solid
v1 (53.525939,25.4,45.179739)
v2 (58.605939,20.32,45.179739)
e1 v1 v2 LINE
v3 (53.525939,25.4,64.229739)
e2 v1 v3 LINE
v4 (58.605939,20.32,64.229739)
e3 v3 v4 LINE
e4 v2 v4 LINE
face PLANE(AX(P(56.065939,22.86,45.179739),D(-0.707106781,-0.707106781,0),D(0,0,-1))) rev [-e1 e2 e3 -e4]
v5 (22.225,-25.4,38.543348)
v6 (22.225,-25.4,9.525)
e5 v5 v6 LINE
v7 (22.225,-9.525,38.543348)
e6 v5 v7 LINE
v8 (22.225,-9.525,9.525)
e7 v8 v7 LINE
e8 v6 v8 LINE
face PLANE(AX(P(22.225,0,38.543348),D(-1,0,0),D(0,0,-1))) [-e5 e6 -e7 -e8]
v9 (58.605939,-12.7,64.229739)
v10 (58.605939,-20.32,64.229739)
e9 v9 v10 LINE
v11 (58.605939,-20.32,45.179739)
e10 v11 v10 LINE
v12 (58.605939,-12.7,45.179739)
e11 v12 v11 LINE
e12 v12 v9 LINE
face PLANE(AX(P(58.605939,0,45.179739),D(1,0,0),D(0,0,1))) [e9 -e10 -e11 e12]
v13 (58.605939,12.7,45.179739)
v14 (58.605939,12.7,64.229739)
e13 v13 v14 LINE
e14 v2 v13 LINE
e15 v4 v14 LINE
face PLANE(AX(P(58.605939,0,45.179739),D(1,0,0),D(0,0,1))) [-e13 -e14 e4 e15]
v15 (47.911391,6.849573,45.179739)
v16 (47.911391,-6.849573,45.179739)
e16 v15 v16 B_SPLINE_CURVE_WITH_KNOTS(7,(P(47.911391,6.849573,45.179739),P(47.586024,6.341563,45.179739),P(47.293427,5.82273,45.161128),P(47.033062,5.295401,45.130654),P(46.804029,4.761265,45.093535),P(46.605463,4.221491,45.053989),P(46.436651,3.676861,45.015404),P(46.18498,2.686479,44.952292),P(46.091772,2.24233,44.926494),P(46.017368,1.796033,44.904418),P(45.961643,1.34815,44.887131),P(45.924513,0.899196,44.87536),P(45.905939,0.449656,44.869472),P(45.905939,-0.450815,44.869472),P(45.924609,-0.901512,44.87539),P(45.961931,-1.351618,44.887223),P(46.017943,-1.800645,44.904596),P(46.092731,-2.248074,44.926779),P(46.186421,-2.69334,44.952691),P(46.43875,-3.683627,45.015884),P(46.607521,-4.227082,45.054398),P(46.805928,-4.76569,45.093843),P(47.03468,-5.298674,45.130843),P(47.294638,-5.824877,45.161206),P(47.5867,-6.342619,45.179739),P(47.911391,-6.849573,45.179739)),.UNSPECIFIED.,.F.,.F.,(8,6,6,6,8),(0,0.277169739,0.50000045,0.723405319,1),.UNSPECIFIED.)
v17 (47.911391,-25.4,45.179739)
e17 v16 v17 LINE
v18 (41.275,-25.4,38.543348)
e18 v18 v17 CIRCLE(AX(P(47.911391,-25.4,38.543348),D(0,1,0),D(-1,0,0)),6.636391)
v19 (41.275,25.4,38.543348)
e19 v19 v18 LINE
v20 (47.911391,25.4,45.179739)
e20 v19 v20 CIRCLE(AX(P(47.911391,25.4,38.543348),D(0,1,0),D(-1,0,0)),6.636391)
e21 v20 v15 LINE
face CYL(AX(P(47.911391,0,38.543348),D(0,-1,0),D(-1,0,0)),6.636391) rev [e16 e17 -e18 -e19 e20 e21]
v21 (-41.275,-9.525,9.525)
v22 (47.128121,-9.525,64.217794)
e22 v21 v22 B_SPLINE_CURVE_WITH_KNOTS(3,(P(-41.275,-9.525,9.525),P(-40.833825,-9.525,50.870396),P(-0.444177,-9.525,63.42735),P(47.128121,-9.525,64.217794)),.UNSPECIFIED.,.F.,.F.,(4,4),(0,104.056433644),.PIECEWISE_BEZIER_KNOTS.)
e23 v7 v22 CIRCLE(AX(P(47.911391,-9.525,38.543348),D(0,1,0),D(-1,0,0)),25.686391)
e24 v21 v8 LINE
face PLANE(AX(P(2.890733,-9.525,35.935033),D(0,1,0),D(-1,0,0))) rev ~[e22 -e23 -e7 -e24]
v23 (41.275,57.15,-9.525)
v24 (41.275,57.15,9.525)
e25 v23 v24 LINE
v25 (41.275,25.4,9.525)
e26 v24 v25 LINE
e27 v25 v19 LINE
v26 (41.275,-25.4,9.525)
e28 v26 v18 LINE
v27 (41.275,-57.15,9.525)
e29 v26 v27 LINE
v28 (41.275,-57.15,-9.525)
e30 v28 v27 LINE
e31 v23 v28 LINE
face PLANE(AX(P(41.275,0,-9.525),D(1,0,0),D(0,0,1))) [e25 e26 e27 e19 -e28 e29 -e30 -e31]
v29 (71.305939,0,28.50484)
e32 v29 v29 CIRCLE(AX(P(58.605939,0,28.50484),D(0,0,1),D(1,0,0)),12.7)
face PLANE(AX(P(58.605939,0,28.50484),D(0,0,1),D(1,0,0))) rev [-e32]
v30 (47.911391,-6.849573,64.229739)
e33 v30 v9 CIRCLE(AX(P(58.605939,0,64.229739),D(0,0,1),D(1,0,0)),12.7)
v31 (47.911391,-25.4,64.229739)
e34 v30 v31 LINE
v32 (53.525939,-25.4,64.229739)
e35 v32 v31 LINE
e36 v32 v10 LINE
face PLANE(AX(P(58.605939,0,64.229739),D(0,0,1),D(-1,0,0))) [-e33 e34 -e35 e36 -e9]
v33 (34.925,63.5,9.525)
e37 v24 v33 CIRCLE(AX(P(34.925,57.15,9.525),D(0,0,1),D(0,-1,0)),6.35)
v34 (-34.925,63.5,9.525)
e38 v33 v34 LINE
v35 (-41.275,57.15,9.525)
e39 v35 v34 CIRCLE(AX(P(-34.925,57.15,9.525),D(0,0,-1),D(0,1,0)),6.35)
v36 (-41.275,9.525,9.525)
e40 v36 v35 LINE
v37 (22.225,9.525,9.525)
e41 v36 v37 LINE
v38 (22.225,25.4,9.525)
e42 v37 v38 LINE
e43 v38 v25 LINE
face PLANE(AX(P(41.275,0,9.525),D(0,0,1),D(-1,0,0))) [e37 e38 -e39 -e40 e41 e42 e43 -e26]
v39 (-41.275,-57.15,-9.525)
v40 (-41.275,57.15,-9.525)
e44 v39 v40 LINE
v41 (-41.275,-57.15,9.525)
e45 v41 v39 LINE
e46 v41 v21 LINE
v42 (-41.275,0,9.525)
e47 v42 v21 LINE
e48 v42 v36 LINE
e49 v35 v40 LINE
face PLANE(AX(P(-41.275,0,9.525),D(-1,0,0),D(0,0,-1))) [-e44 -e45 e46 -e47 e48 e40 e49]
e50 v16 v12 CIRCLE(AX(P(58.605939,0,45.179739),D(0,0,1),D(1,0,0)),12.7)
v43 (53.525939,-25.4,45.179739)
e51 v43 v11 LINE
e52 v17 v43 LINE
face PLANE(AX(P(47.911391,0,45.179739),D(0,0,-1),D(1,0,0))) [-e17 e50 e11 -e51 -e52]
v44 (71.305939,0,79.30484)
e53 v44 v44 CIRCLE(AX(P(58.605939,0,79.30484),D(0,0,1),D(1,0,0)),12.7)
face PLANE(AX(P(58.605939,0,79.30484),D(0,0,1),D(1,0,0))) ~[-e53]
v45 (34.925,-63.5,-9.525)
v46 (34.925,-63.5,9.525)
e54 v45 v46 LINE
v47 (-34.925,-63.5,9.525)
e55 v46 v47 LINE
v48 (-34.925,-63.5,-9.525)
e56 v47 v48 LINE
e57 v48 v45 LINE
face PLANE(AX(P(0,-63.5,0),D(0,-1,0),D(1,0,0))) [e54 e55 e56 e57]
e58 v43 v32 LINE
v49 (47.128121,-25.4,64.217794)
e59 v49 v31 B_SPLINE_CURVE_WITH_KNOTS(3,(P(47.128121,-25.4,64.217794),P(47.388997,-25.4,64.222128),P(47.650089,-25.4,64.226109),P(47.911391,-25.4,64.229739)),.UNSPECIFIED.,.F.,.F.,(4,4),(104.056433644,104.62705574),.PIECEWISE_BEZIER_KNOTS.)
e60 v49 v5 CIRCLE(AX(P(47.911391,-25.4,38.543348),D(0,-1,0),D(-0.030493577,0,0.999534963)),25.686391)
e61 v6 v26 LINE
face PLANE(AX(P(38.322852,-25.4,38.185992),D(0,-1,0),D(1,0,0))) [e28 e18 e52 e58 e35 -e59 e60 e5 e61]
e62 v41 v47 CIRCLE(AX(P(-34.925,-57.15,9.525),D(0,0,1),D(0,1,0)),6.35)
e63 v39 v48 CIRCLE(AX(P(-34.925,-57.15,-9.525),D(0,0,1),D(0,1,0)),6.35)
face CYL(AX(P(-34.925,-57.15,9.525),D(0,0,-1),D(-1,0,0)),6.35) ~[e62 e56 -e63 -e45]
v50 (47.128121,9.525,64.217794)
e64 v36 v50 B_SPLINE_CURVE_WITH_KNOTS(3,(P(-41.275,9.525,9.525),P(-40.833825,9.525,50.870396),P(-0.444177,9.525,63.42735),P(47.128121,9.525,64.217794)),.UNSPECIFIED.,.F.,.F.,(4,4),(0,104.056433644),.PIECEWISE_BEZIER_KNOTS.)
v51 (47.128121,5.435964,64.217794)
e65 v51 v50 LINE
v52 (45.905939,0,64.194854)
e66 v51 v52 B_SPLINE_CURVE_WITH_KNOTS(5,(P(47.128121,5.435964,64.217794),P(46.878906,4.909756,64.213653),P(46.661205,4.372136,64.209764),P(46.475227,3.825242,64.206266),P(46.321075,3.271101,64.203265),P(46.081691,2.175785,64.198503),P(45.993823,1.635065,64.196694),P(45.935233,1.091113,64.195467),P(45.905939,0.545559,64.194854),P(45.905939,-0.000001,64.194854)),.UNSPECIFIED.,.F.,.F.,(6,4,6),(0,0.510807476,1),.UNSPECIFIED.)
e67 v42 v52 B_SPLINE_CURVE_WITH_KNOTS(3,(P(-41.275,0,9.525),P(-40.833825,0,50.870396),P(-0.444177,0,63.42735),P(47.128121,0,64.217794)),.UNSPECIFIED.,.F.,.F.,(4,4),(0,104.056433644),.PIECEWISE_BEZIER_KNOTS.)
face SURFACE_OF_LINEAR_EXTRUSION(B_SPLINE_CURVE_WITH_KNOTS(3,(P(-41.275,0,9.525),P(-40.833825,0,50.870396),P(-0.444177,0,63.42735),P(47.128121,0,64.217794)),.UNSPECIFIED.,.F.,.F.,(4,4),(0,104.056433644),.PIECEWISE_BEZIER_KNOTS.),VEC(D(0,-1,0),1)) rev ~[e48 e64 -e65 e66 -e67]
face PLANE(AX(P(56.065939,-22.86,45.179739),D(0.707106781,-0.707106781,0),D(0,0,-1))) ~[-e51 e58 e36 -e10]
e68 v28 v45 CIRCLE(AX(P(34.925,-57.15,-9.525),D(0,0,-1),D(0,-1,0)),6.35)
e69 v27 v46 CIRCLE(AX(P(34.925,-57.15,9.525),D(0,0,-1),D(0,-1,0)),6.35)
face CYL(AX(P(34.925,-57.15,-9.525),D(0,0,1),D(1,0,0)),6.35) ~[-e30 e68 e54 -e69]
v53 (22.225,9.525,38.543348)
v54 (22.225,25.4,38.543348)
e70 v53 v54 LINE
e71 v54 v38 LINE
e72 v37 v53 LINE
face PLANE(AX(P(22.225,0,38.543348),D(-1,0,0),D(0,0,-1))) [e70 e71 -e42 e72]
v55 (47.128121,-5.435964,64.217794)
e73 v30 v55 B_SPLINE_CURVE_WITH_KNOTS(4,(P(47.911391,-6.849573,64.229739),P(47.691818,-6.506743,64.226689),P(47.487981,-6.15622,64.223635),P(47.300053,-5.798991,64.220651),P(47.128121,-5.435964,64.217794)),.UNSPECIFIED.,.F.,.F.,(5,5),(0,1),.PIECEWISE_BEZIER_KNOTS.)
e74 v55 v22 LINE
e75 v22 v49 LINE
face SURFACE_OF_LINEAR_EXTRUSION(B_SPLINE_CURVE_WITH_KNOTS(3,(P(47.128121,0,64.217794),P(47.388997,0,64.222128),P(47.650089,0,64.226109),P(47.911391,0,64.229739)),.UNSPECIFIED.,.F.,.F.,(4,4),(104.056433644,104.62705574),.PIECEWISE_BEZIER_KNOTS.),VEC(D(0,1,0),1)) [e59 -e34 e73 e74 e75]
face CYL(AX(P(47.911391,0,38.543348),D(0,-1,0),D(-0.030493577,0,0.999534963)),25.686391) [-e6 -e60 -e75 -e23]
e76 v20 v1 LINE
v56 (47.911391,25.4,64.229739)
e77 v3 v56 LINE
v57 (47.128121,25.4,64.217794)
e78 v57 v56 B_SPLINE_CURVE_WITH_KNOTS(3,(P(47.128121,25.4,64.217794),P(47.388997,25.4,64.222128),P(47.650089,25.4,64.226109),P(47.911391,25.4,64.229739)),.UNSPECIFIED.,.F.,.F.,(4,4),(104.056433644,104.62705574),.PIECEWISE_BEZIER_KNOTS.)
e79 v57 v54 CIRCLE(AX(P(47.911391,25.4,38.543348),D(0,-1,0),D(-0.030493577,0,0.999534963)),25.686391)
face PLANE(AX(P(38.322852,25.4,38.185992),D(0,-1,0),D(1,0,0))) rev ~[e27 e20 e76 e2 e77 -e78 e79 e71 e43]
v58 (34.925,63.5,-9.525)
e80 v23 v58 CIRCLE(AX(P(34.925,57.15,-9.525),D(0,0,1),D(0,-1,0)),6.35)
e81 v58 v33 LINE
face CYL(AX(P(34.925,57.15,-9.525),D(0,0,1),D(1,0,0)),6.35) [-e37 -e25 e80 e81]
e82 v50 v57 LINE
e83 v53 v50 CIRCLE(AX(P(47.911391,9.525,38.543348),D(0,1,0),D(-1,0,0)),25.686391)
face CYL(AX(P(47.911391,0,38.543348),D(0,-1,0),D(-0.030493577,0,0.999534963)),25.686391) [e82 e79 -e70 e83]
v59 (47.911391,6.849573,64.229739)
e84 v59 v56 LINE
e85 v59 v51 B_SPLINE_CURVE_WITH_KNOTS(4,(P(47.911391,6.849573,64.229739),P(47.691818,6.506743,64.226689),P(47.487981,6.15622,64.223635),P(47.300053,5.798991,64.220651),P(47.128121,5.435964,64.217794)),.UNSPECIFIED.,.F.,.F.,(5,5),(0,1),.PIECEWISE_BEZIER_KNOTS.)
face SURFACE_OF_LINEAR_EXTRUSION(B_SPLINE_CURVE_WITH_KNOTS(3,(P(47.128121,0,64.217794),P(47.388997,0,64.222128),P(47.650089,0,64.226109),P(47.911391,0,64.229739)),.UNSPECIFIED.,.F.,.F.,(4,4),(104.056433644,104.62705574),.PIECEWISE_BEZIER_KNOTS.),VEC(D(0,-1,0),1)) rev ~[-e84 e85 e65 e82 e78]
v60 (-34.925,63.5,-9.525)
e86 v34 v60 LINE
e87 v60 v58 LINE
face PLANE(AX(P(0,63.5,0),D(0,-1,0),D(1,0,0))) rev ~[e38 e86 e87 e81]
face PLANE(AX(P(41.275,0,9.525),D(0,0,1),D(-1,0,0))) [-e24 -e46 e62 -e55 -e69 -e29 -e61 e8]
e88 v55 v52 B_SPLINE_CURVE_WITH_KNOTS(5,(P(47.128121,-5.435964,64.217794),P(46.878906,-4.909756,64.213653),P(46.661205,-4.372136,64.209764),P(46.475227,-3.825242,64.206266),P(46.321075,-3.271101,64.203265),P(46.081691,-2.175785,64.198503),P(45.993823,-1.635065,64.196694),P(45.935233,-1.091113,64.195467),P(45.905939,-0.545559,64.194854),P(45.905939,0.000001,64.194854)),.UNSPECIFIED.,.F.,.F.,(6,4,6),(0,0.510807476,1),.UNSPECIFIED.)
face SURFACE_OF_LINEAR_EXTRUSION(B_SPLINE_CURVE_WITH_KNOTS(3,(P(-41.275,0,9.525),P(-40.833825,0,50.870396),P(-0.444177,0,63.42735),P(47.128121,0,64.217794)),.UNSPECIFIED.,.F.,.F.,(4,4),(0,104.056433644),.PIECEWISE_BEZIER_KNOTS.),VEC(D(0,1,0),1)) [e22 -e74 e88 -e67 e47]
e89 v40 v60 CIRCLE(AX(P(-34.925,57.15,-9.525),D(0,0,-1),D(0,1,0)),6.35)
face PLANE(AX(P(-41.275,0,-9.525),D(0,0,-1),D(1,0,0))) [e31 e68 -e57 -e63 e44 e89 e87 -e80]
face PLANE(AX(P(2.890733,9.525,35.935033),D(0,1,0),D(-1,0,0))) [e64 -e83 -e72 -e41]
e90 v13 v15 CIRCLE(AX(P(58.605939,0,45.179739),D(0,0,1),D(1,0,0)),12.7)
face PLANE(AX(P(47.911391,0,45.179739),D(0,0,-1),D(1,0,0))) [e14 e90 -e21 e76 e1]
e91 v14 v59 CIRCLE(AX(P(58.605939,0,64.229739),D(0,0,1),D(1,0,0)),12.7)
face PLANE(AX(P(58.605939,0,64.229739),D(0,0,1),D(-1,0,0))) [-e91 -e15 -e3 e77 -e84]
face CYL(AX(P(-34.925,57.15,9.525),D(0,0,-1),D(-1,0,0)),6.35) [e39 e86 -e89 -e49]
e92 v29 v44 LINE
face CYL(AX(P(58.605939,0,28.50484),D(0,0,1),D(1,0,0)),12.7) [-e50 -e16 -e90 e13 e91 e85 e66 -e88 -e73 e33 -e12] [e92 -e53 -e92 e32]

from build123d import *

# Parameters (mm, degrees)
F1_DEPTH = 63.5
F2_DEPTH = 25.4
F3_DEPTH = 9.525
F0_W     = 12.7
F0_H     = 19.05
F0_H_2   = 15.0751015409
F0_H_3   = 16.6748984591
F5_R     = 6.35
F6_SIZE  = 5.08


with BuildPart() as f1:
    # F0 (on Front) → F1 (new body, symmetric)
    with BuildSketch(Plane.XZ):
        Polygon((-41.275, -9.525), (41.275, -9.525), (41.275, 9.525), (22.225, 9.525), (-41.275, 9.525), align=None)
    extrude(amount=F1_DEPTH, both=True)

    # F0 (on Front) → F2 (join, symmetric)
    with BuildSketch(Plane.XZ):
        with BuildLine():
            Line((22.225, 9.525), (41.275, 9.525))
            Line((41.275, 9.525), (41.275, 38.5433479412))
            ThreePointArc((41.275, 38.5433479412), (43.2187539116, 43.2359849966), (47.911390967, 45.1797389083))
            Line((47.911390967, 45.1797389083), (58.6059387632, 45.1797389083))
            Line((58.6059387632, 45.1797389083), (58.6059387632, 64.2297389083))
            Line((58.6059387632, 64.2297389083), (47.911390967, 64.2297389083))
            add(Edge.make_bspline(
                [(47.1281210154, 64.2177937793), (47.3889968052, 64.2221283934), (47.6500885902, 64.2261091673), (47.911390967, 64.2297389083)],
                knots=[104.0564336435, 104.0564336435, 104.0564336435, 104.0564336435, 104.6270557397, 104.6270557397, 104.6270557397, 104.6270557397], degree=3))
            ThreePointArc((47.1281210154, 64.2177937793), (29.473521525, 56.4272974868), (22.225, 38.5433479412))
            Line((22.225, 38.5433479412), (22.225, 9.525))
        make_face()
    extrude(amount=F2_DEPTH, both=True)

    # F0 (on Front) → F3 (join, symmetric)
    with BuildSketch(Plane.XZ):
        with BuildLine():
            add(Edge.make_bspline(
                [(-41.275, 9.525), (-40.8338249741, 50.8703959556), (-0.4441768284, 63.4273503677), (47.1281210154, 64.2177937793)],
                knots=[0, 0, 0, 0, 104.0564336435, 104.0564336435, 104.0564336435, 104.0564336435], degree=3))
            Line((-41.275, 9.525), (22.225, 9.525))
            Line((22.225, 9.525), (22.225, 38.5433479412))
            ThreePointArc((22.225, 38.5433479412), (29.473521525, 56.4272974868), (47.1281210154, 64.2177937793))
        make_face()
    extrude(amount=F3_DEPTH, both=True)

    # F0 (on Front) → F4 (revolve)
    with BuildSketch(Plane.XZ):
        with Locations((64.9559387632, 54.7047389083)):
            Rectangle(F0_W, F0_H)
        with Locations((64.9559387632, 71.7672896787)):
            Rectangle(F0_W, F0_H_2)
        with Locations((64.9559387632, 36.8422896787)):
            Rectangle(F0_W, F0_H_3)
    revolve(axis=Axis((58.6059387632, 0, 53.9048404491), (0, 0, 1)))

    # F5
    f5_edges = [f1.edges().sort_by_distance(p)[0] for p in [
        (-41.275, -63.5, 0),
        (41.275, -63.5, 0),
        (-41.275, 63.5, 0),
        (41.275, 63.5, 0),
    ]]
    fillet(f5_edges, radius=F5_R)

    # F6
    f6_edges = [f1.edges().sort_by_distance(p)[0] for p in [
        (58.605939, -25.4, 54.704739),
        (58.605939, 25.4, 54.704739),
    ]]
    chamfer(f6_edges, length=F6_SIZE)


solid = f1.part
